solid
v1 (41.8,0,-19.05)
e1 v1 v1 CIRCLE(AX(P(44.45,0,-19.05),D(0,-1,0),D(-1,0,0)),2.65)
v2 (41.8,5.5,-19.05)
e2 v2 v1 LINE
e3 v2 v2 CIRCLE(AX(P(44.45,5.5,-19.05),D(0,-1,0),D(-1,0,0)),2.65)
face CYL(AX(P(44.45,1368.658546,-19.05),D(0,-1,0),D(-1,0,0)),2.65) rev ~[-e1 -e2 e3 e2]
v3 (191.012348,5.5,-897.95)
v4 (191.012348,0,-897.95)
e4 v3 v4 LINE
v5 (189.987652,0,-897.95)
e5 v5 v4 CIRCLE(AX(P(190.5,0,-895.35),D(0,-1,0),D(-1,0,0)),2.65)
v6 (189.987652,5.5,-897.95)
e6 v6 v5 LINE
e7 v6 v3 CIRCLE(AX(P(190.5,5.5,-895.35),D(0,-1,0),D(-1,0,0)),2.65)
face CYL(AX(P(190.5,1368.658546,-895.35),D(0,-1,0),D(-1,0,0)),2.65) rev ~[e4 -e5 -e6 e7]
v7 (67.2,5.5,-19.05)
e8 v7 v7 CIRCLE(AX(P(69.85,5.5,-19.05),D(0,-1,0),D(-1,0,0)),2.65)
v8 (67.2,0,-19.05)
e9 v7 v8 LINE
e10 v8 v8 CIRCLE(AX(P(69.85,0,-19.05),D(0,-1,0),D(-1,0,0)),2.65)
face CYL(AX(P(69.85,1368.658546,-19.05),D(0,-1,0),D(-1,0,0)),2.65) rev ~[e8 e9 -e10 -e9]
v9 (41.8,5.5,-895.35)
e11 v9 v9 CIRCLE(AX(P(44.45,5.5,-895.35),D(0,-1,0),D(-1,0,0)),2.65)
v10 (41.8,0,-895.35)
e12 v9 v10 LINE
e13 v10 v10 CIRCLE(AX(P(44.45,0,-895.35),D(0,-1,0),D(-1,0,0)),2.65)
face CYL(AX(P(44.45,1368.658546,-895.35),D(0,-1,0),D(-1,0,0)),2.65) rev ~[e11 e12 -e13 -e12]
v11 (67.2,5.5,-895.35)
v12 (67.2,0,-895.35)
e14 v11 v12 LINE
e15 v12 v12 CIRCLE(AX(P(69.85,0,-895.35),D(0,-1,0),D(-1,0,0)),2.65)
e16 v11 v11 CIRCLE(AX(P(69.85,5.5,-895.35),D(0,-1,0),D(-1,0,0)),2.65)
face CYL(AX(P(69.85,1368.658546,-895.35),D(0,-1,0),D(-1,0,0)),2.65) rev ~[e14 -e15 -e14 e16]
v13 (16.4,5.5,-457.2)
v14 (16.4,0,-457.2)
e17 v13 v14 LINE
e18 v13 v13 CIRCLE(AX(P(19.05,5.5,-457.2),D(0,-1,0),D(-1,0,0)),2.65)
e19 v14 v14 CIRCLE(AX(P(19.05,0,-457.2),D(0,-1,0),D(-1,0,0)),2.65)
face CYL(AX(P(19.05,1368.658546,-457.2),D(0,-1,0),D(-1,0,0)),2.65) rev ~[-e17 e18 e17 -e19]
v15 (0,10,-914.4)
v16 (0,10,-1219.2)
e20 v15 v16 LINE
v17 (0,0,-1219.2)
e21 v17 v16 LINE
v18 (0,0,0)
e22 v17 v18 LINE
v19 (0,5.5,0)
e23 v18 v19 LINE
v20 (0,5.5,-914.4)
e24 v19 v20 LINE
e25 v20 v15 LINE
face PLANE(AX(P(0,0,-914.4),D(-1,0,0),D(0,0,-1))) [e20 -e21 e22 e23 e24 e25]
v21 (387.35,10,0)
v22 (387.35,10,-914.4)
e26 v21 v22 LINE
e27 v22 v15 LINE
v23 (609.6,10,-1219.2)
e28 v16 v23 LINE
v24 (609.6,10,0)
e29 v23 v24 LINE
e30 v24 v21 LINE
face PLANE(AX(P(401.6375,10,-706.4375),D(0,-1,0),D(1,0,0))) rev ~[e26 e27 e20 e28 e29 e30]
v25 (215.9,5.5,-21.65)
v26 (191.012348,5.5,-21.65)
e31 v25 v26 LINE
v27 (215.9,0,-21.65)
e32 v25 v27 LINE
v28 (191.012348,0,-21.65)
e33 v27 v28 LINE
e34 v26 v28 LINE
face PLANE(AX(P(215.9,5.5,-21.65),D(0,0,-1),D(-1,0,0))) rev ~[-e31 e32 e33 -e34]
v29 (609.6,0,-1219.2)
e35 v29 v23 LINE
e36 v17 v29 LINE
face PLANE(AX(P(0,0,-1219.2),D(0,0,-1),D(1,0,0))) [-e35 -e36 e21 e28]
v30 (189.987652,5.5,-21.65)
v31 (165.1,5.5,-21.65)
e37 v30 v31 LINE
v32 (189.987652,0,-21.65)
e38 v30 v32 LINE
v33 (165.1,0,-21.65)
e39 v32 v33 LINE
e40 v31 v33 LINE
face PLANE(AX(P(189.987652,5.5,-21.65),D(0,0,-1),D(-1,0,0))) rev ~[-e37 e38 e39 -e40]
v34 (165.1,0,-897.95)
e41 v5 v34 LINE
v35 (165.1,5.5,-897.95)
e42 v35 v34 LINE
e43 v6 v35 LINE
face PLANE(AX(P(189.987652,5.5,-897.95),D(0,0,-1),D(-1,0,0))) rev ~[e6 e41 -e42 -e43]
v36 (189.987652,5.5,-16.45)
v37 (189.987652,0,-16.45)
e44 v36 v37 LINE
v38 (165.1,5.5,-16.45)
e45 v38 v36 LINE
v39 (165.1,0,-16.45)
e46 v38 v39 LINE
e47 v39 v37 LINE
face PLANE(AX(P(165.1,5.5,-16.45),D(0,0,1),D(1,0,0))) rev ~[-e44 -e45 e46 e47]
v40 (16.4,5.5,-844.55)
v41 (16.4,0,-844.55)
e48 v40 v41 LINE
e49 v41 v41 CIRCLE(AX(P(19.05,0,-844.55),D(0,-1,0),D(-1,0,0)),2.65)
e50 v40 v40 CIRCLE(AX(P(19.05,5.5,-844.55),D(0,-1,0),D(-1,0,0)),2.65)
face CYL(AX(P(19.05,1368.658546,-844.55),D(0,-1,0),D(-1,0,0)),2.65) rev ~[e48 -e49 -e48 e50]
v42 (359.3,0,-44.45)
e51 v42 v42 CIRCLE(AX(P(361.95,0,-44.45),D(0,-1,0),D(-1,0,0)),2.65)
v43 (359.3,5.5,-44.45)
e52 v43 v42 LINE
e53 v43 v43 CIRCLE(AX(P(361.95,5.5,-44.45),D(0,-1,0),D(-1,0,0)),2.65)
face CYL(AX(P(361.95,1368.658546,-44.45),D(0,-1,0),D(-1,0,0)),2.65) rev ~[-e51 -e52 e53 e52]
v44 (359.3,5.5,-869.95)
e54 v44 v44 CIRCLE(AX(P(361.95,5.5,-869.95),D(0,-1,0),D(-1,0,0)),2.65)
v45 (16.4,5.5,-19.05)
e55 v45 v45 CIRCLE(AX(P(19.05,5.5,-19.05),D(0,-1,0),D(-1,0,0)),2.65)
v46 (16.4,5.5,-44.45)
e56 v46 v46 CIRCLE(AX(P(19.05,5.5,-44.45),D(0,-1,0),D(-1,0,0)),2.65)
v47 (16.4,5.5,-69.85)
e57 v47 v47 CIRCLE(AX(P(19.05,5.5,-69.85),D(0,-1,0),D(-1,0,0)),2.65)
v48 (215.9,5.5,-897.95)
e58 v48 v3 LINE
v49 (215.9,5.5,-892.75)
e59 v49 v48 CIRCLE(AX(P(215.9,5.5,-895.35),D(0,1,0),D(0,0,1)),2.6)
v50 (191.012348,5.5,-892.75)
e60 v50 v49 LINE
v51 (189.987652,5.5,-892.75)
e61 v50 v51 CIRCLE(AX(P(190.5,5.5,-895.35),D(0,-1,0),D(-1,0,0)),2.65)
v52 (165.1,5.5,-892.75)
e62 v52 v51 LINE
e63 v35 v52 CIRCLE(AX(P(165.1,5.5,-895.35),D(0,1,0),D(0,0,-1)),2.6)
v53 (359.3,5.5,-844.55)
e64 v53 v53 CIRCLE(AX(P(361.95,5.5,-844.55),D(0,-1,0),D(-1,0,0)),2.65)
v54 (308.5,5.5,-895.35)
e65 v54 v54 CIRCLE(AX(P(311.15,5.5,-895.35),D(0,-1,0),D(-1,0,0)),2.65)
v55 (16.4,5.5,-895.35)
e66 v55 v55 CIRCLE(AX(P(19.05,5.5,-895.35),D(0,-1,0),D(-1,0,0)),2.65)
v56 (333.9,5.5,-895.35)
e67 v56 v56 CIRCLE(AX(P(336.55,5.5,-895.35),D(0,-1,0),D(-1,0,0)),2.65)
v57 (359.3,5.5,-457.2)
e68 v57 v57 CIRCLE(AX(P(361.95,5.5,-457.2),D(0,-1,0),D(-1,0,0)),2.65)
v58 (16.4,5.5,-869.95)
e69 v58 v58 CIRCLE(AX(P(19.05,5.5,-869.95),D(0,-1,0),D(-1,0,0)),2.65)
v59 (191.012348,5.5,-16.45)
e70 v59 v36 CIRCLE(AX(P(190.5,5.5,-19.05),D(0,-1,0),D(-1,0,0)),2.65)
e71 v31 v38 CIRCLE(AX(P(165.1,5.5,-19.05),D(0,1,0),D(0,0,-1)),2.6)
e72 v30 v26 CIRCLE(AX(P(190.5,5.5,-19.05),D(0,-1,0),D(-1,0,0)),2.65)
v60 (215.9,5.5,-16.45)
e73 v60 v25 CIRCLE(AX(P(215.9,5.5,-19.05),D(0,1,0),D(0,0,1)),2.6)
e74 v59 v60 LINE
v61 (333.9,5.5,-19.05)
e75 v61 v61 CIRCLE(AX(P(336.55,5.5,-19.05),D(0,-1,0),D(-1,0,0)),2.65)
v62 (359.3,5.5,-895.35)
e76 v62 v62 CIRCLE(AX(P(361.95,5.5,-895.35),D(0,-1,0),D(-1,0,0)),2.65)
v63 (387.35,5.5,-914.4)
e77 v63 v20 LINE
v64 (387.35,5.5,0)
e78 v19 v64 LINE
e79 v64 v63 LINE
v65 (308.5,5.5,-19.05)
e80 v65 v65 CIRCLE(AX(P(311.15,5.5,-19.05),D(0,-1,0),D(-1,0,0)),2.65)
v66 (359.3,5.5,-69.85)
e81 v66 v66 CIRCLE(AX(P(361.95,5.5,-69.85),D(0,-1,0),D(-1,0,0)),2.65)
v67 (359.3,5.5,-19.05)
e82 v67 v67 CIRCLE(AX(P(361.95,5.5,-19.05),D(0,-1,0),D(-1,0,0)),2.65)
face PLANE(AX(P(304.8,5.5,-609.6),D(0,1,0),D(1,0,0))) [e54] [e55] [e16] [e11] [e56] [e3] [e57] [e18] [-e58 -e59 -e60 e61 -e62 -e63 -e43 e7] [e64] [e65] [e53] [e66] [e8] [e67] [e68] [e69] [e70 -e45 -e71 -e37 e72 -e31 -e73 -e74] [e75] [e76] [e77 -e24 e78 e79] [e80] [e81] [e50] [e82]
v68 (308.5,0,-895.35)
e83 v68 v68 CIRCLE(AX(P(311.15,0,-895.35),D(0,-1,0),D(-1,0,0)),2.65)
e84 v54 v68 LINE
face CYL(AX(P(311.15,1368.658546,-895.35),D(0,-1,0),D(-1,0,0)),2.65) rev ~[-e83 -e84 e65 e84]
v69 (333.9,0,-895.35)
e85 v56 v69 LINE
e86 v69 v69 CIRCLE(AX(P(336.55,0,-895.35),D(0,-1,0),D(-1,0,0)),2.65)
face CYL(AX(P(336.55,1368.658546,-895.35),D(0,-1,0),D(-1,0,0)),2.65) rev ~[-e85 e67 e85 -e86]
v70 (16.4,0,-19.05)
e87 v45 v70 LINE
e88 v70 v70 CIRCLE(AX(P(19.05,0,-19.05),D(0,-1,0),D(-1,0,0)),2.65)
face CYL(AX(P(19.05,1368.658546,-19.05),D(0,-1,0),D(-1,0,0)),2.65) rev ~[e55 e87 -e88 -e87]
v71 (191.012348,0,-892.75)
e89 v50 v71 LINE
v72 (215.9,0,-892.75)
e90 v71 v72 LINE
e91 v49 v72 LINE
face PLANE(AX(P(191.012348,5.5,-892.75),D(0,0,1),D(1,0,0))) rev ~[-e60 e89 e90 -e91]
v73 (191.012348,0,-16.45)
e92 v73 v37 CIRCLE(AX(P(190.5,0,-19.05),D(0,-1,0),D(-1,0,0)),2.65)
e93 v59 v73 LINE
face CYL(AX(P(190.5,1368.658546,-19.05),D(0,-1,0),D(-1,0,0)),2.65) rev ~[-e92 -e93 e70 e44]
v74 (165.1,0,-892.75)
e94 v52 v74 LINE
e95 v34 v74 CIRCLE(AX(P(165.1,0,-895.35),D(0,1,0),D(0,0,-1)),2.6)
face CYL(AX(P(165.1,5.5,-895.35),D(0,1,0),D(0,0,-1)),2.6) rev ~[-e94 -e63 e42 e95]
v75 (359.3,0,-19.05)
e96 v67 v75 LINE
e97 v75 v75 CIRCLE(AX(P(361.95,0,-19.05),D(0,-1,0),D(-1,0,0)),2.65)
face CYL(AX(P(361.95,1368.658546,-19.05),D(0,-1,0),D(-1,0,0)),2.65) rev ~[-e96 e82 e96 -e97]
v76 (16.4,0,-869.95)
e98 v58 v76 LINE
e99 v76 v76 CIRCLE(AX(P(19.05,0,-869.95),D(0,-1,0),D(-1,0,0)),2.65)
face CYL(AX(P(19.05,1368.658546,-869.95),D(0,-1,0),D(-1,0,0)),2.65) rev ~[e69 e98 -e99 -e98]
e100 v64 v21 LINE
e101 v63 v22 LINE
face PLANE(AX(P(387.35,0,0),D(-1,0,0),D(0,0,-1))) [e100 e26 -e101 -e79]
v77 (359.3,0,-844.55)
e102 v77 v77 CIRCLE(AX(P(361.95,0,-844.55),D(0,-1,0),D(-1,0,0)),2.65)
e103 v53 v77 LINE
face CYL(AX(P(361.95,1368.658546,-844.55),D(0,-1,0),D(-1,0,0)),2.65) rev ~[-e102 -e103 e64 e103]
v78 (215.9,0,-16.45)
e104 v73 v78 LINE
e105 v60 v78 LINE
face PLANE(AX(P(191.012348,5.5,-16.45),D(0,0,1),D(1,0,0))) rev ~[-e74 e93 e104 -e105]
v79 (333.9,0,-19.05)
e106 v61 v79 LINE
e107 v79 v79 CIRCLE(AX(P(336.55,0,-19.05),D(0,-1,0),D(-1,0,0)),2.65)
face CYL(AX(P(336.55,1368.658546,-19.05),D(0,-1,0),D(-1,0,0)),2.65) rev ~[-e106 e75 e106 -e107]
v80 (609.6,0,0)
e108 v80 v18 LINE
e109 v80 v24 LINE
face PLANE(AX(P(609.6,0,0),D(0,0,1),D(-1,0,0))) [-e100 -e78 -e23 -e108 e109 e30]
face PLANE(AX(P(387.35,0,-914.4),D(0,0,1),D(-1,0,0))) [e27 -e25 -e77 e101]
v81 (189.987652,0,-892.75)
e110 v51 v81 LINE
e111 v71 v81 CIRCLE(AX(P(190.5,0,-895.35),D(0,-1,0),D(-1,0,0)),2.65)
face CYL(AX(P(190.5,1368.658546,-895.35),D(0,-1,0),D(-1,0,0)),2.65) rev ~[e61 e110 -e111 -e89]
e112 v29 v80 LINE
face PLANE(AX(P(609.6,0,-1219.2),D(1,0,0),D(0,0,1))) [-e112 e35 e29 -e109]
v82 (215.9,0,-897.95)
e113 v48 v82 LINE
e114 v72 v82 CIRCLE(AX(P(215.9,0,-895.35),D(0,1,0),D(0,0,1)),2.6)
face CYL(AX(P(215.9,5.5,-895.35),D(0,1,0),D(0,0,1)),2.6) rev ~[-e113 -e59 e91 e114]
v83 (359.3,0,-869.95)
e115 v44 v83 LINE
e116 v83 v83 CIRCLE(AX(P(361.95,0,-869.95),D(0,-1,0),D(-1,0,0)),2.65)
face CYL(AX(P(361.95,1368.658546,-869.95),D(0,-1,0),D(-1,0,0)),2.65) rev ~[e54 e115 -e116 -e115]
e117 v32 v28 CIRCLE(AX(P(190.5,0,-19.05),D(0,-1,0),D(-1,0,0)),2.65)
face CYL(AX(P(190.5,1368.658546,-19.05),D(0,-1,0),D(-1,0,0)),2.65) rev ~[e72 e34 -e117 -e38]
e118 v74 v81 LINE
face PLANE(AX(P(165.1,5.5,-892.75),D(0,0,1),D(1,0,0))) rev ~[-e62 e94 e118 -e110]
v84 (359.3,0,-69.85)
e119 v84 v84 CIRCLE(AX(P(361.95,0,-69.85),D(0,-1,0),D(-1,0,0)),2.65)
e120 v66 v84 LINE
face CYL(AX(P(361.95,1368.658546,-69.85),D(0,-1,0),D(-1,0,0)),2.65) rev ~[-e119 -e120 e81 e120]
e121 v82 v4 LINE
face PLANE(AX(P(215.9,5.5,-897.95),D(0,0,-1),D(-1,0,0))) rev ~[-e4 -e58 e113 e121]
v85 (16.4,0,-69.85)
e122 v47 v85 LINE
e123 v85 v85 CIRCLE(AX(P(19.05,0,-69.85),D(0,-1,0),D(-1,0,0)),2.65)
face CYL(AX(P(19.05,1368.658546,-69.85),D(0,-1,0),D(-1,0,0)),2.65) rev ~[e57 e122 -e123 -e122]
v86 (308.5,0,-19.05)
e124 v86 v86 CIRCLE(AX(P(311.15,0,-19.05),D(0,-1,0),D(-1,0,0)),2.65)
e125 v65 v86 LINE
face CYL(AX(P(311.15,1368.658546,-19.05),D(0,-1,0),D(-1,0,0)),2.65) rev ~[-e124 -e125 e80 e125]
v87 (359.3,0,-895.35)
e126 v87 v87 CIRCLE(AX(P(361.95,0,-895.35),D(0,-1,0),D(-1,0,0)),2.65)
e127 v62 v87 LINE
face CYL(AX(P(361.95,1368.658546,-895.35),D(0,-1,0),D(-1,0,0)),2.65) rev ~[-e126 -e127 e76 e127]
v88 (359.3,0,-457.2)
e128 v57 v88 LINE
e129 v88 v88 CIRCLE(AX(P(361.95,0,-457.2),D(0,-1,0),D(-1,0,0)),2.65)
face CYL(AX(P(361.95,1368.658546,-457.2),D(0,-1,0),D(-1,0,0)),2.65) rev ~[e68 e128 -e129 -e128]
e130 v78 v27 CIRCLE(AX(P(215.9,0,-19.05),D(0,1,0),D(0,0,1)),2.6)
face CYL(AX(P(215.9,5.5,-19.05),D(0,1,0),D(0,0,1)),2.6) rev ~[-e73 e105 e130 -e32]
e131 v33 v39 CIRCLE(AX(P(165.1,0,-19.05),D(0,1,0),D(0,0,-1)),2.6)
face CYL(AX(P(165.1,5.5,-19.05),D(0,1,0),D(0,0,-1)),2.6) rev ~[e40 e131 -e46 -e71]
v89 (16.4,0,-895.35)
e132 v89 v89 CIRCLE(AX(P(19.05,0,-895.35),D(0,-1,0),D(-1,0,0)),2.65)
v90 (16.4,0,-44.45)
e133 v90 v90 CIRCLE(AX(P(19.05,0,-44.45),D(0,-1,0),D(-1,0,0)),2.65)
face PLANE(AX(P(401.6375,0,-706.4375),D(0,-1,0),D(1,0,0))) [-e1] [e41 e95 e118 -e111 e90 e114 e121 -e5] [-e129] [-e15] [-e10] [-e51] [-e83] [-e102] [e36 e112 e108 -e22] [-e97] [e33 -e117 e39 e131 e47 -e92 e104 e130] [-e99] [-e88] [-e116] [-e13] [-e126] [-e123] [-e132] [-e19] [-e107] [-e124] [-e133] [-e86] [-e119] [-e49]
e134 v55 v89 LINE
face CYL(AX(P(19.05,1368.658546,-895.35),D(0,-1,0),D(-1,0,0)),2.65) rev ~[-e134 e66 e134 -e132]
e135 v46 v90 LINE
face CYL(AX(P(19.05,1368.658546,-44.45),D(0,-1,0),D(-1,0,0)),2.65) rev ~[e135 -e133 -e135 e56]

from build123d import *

# Parameters (mm, degrees)
SKETCH1_W                  = 609.6
SKETCH1_H                  = 1219.2
BOSS_EXTRUDE1_DEPTH        = 5.5
BOSS_EXTRUDE2_DEPTH        = 6.35
F_5_3_5_3_DIAMETER_HOLE1_D = 5.3
CUT_EXTRUDE1_REACH         = 1365.159
SKETCH8_R                  = 2.6
CUT_EXTRUDE2_DEPTH         = 994.074837311
BOSS_EXTRUDE3_DEPTH        = 10


with BuildPart() as part:
    # Sketch1 → Boss-Extrude1 (new body)
    with BuildSketch(Plane(origin=(0, 0, 0), x_dir=(1, 0, 0), z_dir=(0, 1, 0))):
        with Locations((304.8, 609.6)):
            Rectangle(SKETCH1_W, SKETCH1_H)
    extrude(amount=BOSS_EXTRUDE1_DEPTH)

    # Sketch3 → Boss-Extrude2 (add)
    with BuildSketch(Plane(origin=(0, 5.5, 0), x_dir=(1, 0, 0), z_dir=(0, 1, 0))):
        Polygon((387.35, 0), (387.35, 914.4), (0, 914.4), (0, 1219.2), (609.6, 1219.2), (609.6, 0), align=None)
    extrude(amount=BOSS_EXTRUDE2_DEPTH)

    # Ø5.3 (5.3) Diameter Hole1 (through all)
    with Locations(Plane(origin=(0, 5.5, 0), x_dir=(1, 0, 0), z_dir=(0, 1, 0))):
        with Locations((19.05, 895.35), (44.45, 895.35), (69.85, 895.35), (19.05, 869.95), (19.05, 844.55), (19.05, 457.2), (19.05, 69.85), (19.05, 44.45), (19.05, 19.05), (44.45, 19.05), (69.85, 19.05), (190.5, 19.05), (311.15, 19.05), (336.55, 19.05), (361.95, 19.05), (361.95, 44.45), (361.95, 69.85), (361.95, 457.2), (361.95, 844.55), (361.95, 869.95), (361.95, 895.35), (336.55, 895.35), (311.15, 895.35), (190.5, 895.35)):
            Hole(F_5_3_5_3_DIAMETER_HOLE1_D / 2)

    # Sketch7 → Cut-Extrude1 (cut, up to next)
    with BuildSketch(Plane(origin=(0, 11.85, 0), x_dir=(1, 0, 0), z_dir=(0, 1, 0)), mode=Mode.PRIVATE) as cut_extrude1_sk1:
        Polygon((0, 1219.2), (0, 914.4), (387.35, 914.4), (387.35, 0), (609.6, 0), (609.6, 1219.2), align=None)
    cut_extrude1_tool1 = extrude(cut_extrude1_sk1.sketch, amount=-CUT_EXTRUDE1_REACH, mode=Mode.PRIVATE) & part.part
    add(cut_extrude1_tool1.solids().sort_by_distance((405.973507, 11.85, -748.352239))[0], mode=Mode.SUBTRACT)

    # Sketch8 → Cut-Extrude2 (cut, through all)
    with BuildSketch(Plane(origin=(0, 5.5, 0), x_dir=(1, 0, 0), z_dir=(0, 1, 0))):
        with Locations((190.5, 19.05)):
            Circle(SKETCH8_R)
        with BuildLine():
            Line((215.9, 21.65), (191.012347538, 21.65))
            ThreePointArc((191.012347538, 21.65), (193.15, 19.05), (191.012347538, 16.45))
            Line((191.012347538, 16.45), (215.9, 16.45))
            ThreePointArc((215.9, 16.45), (218.5, 19.05), (215.9, 21.65))
        make_face()
        with BuildLine():
            ThreePointArc((189.987652462, 16.45), (187.85, 19.05), (189.987652462, 21.65))
            Line((189.987652462, 21.65), (165.1, 21.65))
            ThreePointArc((165.1, 21.65), (162.5, 19.05), (165.1, 16.45))
            Line((165.1, 16.45), (189.987652462, 16.45))
        make_face()
        with BuildLine():
            ThreePointArc((165.1, 897.95), (162.5, 895.35), (165.1, 892.75))
            Line((165.1, 892.75), (189.987652462, 892.75))
            ThreePointArc((189.987652462, 892.75), (187.85, 895.35), (189.987652462, 897.95))
            Line((189.987652462, 897.95), (165.1, 897.95))
        make_face()
        with Locations((190.5, 895.35)):
            Circle(SKETCH8_R)
        with BuildLine():
            ThreePointArc((191.012347538, 897.95), (193.15, 895.35), (191.012347538, 892.75))
            Line((191.012347538, 892.75), (215.9, 892.75))
            ThreePointArc((215.9, 892.75), (218.5, 895.35), (215.9, 897.95))
            Line((215.9, 897.95), (191.012347538, 897.95))
        make_face()
    extrude(amount=-CUT_EXTRUDE2_DEPTH, mode=Mode.SUBTRACT)

    # Sketch9 → Boss-Extrude3 (add)
    with BuildSketch(Plane.XZ):
        Polygon((0, -1219.2), (609.6, -1219.2), (609.6, 0), (387.35, 0), (387.35, -914.4), (0, -914.4), align=None)
    extrude(amount=-BOSS_EXTRUDE3_DEPTH)


solid = part.part
